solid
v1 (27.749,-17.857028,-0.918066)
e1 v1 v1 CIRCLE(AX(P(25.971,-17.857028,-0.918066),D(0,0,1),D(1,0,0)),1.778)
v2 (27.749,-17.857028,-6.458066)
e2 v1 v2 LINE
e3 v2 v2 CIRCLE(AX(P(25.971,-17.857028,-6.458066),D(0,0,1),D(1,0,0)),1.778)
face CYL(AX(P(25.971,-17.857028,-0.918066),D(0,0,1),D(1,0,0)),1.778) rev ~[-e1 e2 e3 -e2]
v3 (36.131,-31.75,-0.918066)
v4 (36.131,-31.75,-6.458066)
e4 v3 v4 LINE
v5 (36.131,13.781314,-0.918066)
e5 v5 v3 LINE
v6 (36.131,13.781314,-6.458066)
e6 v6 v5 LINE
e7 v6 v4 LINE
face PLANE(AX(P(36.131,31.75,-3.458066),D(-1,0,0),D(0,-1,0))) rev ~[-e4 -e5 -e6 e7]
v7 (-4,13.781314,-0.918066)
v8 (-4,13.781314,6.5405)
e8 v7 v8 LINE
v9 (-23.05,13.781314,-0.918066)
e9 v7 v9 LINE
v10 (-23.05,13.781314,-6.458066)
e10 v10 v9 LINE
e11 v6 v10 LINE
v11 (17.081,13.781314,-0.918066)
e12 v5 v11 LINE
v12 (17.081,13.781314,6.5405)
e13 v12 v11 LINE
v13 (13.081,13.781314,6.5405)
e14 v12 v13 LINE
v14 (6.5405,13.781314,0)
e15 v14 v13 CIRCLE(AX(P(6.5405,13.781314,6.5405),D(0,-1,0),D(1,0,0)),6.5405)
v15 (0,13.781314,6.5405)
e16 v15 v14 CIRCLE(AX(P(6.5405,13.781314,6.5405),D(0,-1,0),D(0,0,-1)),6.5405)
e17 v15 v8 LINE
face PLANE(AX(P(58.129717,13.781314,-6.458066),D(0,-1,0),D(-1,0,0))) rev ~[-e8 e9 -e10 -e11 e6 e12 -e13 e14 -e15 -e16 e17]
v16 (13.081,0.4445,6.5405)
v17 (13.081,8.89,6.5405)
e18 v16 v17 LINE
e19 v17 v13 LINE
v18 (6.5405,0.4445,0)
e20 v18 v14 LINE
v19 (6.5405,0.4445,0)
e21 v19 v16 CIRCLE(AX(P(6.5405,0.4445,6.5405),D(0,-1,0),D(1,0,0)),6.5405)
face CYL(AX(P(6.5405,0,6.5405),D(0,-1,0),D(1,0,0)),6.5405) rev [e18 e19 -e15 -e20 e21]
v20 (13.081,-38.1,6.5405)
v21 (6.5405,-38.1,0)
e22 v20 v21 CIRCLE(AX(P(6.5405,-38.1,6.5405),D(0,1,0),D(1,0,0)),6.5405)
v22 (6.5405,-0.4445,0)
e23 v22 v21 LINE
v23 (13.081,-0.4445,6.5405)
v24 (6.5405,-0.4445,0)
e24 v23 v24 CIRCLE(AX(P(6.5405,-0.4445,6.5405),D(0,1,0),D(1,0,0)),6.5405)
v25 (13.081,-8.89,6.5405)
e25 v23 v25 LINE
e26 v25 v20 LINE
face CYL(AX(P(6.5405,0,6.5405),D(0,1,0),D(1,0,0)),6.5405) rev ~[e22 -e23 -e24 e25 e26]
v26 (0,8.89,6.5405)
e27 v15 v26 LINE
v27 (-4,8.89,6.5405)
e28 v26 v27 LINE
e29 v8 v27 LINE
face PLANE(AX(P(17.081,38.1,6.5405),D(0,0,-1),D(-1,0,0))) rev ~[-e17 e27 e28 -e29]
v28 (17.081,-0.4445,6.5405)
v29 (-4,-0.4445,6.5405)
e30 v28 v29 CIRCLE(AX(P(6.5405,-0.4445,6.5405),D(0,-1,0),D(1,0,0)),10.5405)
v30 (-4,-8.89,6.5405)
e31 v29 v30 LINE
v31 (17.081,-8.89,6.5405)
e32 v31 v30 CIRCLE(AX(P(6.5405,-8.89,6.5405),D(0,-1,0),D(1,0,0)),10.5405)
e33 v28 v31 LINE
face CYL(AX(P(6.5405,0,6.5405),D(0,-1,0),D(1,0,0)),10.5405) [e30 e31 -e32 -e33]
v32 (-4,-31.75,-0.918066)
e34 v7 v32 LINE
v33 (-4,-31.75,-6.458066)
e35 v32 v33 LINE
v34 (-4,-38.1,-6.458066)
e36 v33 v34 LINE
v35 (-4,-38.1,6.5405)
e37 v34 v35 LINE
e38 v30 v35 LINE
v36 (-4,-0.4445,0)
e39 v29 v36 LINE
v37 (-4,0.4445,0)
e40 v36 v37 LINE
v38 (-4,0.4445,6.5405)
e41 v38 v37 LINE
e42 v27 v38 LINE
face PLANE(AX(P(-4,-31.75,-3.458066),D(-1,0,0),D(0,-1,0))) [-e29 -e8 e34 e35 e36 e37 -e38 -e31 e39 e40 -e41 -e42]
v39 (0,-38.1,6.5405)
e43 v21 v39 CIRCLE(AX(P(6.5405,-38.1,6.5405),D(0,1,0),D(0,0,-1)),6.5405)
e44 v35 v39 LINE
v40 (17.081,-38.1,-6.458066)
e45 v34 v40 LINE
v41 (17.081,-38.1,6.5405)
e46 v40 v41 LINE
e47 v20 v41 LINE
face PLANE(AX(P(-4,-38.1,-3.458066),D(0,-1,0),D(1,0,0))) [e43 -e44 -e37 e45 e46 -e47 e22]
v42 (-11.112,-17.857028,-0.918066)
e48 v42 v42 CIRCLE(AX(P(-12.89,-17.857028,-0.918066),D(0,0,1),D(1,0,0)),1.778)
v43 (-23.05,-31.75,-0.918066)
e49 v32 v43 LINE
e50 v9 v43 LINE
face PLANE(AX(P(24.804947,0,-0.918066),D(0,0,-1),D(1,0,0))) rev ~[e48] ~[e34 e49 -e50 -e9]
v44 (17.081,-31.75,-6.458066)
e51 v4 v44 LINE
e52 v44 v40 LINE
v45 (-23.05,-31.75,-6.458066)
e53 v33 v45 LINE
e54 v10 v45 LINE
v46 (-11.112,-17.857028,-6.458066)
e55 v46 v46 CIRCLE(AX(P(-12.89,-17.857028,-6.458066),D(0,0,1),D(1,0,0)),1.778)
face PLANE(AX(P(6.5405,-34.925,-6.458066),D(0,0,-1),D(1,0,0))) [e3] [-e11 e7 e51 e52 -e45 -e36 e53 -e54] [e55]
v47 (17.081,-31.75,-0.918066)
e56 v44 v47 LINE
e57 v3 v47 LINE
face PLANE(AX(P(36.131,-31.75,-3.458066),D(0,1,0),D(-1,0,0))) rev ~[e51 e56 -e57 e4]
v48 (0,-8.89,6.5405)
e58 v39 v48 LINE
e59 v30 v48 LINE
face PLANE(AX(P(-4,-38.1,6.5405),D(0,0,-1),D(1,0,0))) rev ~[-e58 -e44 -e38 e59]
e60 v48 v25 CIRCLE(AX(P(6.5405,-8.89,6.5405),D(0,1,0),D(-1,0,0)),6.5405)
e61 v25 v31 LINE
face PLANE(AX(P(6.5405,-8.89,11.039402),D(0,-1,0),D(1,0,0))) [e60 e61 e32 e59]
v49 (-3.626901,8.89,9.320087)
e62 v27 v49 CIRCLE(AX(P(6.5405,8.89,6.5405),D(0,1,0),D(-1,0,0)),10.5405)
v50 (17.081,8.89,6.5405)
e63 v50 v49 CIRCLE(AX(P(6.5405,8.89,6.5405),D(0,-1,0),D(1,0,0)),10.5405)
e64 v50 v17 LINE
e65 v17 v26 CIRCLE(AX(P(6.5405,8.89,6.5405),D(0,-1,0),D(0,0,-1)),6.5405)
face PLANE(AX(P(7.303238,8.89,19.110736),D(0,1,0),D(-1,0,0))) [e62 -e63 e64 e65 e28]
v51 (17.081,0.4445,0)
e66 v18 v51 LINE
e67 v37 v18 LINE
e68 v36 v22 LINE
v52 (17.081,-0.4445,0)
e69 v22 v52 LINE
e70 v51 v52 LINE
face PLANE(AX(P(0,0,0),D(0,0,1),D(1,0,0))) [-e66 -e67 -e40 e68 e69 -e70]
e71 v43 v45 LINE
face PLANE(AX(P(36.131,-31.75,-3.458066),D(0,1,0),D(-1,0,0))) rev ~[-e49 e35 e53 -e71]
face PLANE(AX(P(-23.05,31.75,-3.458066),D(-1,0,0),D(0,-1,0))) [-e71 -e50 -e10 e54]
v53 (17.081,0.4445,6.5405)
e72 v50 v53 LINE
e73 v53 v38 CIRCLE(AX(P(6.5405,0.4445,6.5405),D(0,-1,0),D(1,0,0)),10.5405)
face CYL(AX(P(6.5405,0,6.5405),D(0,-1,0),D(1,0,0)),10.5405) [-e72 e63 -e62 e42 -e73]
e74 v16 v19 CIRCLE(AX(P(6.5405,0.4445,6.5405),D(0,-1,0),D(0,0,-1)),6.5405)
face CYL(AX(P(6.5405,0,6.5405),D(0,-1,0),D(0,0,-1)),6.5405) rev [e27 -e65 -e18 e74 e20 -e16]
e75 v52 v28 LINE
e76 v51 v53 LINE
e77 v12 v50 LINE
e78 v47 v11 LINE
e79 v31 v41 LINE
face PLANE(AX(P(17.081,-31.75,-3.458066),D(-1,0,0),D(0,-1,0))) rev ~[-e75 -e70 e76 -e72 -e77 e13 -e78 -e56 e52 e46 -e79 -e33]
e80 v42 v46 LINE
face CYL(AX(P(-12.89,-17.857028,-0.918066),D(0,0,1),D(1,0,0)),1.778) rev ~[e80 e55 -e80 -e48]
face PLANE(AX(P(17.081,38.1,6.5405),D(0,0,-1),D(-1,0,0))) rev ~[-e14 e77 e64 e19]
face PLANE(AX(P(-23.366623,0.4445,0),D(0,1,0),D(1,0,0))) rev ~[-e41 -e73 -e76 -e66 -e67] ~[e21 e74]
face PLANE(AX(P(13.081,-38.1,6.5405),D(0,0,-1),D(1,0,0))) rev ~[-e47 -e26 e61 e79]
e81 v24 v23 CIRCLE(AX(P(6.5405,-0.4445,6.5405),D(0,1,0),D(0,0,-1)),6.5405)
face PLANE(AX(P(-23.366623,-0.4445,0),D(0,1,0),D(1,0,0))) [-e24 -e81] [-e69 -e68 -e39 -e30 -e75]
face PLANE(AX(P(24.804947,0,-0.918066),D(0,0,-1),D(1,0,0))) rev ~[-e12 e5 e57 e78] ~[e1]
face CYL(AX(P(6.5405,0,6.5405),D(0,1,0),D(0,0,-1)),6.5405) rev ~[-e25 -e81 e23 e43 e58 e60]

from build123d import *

# Parameters (mm, degrees)
F1_DEPTH  = 38.1
F2_W      = 46.7332457192
F2_H      = 0.889
F3_DEPTH  = 20.5994
F5_DEPTH  = 29.21
F7_DEPTH  = 29.21
F8_W      = 22.6521064695
F8_H      = 63.5
F8_W_2    = 36.5288935305
F9_DEPTH  = 2.54
F10_DEPTH = 3
F11_W     = 59.181
F11_H     = 17.9686862156
F12_DEPTH = 69.342
F13_W     = 21.081
F13_H     = 6.35
F14_DEPTH = 3
F15_R     = 1.778
F16_DEPTH = 25.4


with BuildPart() as f1:
    # F0 (on Front) → F1 (new body, symmetric)
    with BuildSketch(Plane.XZ):
        with BuildLine():
            ThreePointArc((9.876787061, -3.4580663421), (15.0923499173, 0.3786818234), (17.081, 6.5405))
            ThreePointArc((17.081, 6.5405), (6.5405, 17.081), (-4, 6.5405))
            ThreePointArc((-4, 6.5405), (-2.0113499173, 0.3786818234), (3.204212939, -3.4580663421))
            Line((3.204212939, -3.4580663421), (9.876787061, -3.4580663421))
        make_face()
        with BuildLine():
            ThreePointArc((6.5405, 0), (1.9156680976, 11.1653319024), (13.081, 6.5405))
            ThreePointArc((13.081, 6.5405), (11.1653319024, 1.9156680976), (6.5405, 0))
        make_face(mode=Mode.SUBTRACT)
        with BuildLine():
            Line((17.081, 0), (17.081, 6.5405))
            ThreePointArc((17.081, 6.5405), (15.0923499173, 0.3786818234), (9.876787061, -3.4580663421))
            Line((9.876787061, -3.4580663421), (17.081, -3.4580663421))
            Line((17.081, -3.4580663421), (17.081, 0))
        make_face()
        with BuildLine():
            ThreePointArc((3.204212939, -3.4580663421), (-2.0113499173, 0.3786818234), (-4, 6.5405))
            Line((-4, 6.5405), (-4, -3.4580663421))
            Line((-4, -3.4580663421), (3.204212939, -3.4580663421))
        make_face()
        with BuildLine():
            ThreePointArc((3.204212939, -3.4580663421), (6.5405, -4), (9.876787061, -3.4580663421))
            Line((9.876787061, -3.4580663421), (3.204212939, -3.4580663421))
        make_face()
    extrude(amount=F1_DEPTH, both=True)

    # F2 (on Top) → F3 (cut)
    with BuildSketch(Plane.XY):
        Rectangle(F2_W, F2_H)
    extrude(amount=F3_DEPTH, mode=Mode.SUBTRACT)

    # F4 (on face) → F5 (cut)
    with BuildSketch(Plane(origin=(0, 38.1, 0), x_dir=(-1, 0, 0), z_dir=(0, 1, 0))):
        with BuildLine():
            ThreePointArc((-17.081, 6.5405), (-7.9427578532, 16.987308755), (3.6269006049, 9.3200872335))
            Line((3.6269006049, 9.3200872335), (4, 28.6066166948))
            Line((4, 28.6066166948), (-17.081, 29.0144302604))
            Line((-17.081, 29.0144302604), (-17.5960424147, 27.9336988817))
            Line((-17.5960424147, 27.9336988817), (-17.081, 6.5405))
        make_face()
        with BuildLine():
            ThreePointArc((-13.081, 6.5405), (-6.5405, 13.081), (0, 6.5405))
            Line((0, 6.5405), (4, 6.5405))
            ThreePointArc((4, 6.5405), (3.906308755, 7.9427578532), (3.6269006049, 9.3200872335))
            ThreePointArc((3.6269006049, 9.3200872335), (-7.9427578532, 16.987308755), (-17.081, 6.5405))
            Line((-17.081, 6.5405), (-13.081, 6.5405))
        make_face()
        with BuildLine():
            Line((-13.081, 6.5405), (0, 6.5405))
            ThreePointArc((0, 6.5405), (-6.5405, 13.081), (-13.081, 6.5405))
        make_face()
    extrude(amount=-F5_DEPTH, mode=Mode.SUBTRACT)

    # F6 (on face) → F7 (cut)
    with BuildSketch(Plane.XZ.offset(38.1)):
        with BuildLine():
            ThreePointArc((0, 6.5405), (6.5405, 13.081), (13.081, 6.5405))
            Line((13.081, 6.5405), (17.081, 6.5405))
            ThreePointArc((17.081, 6.5405), (6.5405, 17.081), (-4, 6.5405))
            Line((-4, 6.5405), (0, 6.5405))
        make_face()
    extrude(amount=-F7_DEPTH, mode=Mode.SUBTRACT)

    # F8 (on face) → F9 (join)
    with BuildSketch(Plane(origin=(0, 0, -3.4580663421), x_dir=(1, 0, 0), z_dir=(0, 0, -1))):
        with Locations((24.8049467652, 0)):
            Rectangle(F8_W, F8_H)
        with Locations((-4.7855532348, 0)):
            Rectangle(F8_W_2, F8_H)
    extrude(amount=-F9_DEPTH)

    # F8 (on face) → F10 (join)
    with BuildSketch(Plane(origin=(0, 0, -3.4580663421), x_dir=(1, 0, 0), z_dir=(0, 0, -1))):
        with Locations((24.8049467652, 0)):
            Rectangle(F8_W, F8_H)
        with Locations((-4.7855532348, 0)):
            Rectangle(F8_W_2, F8_H)
    extrude(amount=F10_DEPTH)

    # F11 (on face) → F12 (cut)
    with BuildSketch(Plane(origin=(0, 0, -6.4580663421), x_dir=(1, 0, 0), z_dir=(0, 0, -1))):
        with Locations((6.5405, -22.7656568922)):
            Rectangle(F11_W, F11_H)
        Polygon((-23.05, -13.7813137844), (-30.0445724279, -13.7813137844), (-30.0445724279, -67.8615421057), (58.1297166646, -67.8615421057), (58.1297166646, -13.7813137844), (36.131, -13.7813137844), (36.131, -31.75), (-23.05, -31.75), align=None)
    extrude(amount=-F12_DEPTH, mode=Mode.SUBTRACT)

    # F13 (on face) → F14 (join, through all)
    with BuildSketch(Plane(origin=(0, 0, -3.4580663421), x_dir=(1, 0, 0), z_dir=(0, 0, -1))):
        with Locations((6.5405, 34.925)):
            Rectangle(F13_W, F13_H)
    extrude(amount=F14_DEPTH)

    # F15 (on face) → F16 (cut)
    with BuildSketch(Plane.XY.offset(-0.9180663421)):
        with Locations((-12.89, -17.8570281714)):
            Circle(F15_R)
        with Locations((25.971, -17.8570281714)):
            Circle(F15_R)
    extrude(amount=-F16_DEPTH, mode=Mode.SUBTRACT)


solid = f1.part
